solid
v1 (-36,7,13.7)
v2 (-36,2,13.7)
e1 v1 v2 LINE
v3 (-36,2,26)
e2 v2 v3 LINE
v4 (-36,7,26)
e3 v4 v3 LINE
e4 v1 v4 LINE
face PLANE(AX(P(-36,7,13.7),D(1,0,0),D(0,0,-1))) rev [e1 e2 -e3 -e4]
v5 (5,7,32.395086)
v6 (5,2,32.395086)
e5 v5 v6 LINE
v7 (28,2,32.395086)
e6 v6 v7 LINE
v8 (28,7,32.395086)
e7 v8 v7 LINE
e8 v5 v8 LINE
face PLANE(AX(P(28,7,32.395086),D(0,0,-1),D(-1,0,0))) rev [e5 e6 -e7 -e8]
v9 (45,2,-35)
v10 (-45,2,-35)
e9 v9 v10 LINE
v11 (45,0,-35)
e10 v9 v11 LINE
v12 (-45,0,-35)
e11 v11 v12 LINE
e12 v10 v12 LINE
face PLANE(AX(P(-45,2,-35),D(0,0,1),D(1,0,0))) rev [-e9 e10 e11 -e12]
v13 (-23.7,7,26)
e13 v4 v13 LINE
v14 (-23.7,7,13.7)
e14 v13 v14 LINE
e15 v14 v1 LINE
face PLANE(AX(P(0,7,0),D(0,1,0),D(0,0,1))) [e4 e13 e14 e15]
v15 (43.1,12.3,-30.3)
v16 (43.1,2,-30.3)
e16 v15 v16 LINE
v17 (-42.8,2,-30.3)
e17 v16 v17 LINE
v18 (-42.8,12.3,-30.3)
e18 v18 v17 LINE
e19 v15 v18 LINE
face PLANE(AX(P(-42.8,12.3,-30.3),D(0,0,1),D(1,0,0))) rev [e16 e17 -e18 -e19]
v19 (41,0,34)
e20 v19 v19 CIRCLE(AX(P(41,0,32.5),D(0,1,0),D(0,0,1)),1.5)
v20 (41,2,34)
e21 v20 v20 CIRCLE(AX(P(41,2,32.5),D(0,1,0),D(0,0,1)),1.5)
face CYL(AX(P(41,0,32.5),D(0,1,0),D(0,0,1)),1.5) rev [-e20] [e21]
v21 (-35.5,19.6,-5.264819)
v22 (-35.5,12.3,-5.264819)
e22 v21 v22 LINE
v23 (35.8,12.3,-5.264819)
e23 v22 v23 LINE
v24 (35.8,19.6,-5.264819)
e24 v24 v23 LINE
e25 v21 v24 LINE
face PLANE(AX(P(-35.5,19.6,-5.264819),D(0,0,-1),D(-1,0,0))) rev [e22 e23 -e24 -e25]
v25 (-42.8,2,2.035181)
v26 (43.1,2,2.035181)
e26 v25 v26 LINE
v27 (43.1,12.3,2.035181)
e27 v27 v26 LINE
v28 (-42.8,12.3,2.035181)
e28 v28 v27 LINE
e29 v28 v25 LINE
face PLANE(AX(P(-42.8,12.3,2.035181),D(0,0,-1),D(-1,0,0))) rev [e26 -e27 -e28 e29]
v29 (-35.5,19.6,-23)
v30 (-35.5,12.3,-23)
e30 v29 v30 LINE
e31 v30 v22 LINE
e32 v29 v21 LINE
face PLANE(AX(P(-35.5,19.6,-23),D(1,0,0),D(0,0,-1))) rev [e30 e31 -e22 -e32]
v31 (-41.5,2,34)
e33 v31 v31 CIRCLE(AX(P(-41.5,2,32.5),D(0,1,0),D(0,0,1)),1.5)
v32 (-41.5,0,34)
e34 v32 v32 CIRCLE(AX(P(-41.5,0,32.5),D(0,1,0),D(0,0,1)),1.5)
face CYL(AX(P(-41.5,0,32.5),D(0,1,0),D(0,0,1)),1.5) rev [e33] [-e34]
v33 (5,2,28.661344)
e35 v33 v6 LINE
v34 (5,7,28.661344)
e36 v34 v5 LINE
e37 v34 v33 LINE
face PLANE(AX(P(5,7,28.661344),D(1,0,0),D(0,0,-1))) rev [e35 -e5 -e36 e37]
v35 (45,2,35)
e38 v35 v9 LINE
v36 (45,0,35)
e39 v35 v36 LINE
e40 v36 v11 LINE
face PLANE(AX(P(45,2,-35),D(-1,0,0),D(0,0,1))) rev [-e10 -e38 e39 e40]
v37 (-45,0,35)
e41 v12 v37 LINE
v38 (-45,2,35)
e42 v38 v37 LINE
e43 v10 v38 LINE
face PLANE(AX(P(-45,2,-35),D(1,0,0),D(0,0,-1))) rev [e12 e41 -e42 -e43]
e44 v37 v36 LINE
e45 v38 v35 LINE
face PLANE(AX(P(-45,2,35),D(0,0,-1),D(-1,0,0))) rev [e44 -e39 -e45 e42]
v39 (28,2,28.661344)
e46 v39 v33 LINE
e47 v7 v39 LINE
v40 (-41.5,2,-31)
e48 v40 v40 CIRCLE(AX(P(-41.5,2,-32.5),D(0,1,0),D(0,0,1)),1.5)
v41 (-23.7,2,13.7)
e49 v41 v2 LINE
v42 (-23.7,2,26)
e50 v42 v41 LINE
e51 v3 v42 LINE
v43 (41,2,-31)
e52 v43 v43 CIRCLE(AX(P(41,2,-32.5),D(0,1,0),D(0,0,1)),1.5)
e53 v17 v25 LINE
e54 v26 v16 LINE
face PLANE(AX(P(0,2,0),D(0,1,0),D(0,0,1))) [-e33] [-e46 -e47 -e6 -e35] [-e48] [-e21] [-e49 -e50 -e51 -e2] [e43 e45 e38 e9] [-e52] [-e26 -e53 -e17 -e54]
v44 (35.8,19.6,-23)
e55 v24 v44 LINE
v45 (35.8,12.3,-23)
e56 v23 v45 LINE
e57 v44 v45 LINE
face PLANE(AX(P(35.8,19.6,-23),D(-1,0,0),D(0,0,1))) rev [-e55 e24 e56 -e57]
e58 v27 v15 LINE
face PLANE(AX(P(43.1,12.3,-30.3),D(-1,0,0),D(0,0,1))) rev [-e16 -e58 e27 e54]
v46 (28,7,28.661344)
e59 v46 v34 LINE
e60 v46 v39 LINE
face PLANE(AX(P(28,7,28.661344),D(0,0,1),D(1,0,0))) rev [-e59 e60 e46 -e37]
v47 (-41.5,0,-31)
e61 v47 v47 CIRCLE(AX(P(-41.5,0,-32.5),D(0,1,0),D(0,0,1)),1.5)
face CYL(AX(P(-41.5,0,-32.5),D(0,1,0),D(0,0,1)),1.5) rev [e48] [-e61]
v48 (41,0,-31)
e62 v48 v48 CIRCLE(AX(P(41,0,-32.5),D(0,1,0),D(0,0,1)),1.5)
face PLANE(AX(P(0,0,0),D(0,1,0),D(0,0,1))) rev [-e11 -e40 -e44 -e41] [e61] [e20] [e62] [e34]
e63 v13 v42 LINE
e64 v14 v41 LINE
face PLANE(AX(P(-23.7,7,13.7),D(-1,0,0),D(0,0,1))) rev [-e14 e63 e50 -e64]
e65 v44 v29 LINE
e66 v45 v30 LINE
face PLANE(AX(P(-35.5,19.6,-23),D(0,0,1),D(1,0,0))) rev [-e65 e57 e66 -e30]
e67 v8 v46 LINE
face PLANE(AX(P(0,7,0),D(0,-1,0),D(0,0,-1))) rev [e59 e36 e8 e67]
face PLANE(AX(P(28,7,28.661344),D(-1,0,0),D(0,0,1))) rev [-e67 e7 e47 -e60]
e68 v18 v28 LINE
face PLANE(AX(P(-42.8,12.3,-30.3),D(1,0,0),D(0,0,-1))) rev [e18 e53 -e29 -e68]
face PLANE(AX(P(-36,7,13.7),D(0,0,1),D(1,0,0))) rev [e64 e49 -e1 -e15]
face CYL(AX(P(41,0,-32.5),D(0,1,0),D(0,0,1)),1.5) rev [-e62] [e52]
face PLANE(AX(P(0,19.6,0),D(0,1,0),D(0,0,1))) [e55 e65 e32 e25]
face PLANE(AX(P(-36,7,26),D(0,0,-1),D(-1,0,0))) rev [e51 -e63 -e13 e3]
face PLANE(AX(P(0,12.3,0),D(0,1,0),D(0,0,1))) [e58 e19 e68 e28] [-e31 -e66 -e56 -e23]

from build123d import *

# Parameters (mm, degrees)
SKETCH1_W           = 90
SKETCH1_H           = 70
BOSS_EXTRUDE1_DEPTH = 2
SKETCH2_R           = 1.5
CUT_EXTRUDE1_DEPTH  = 3
SKETCH3_W           = 23
SKETCH3_H           = 3.733741838
SKETCH3_W_2         = 12.3
SKETCH3_H_2         = 12.3
BOSS_EXTRUDE2_DEPTH = 5
SKETCH4_W           = 71.3
SKETCH4_H           = 17.735180651
BOSS_EXTRUDE3_DEPTH = 17.6
SKETCH5_W           = 85.9
SKETCH5_H           = 32.335180651
BOSS_EXTRUDE4_DEPTH = 10.3


with BuildPart() as part:
    # Sketch1 → Boss-Extrude1 (new body)
    with BuildSketch(Plane(origin=(0, 0, 0), x_dir=(1, 0, 0), z_dir=(0, 1, 0))):
        Rectangle(SKETCH1_W, SKETCH1_H)
    extrude(amount=BOSS_EXTRUDE1_DEPTH)

    # Sketch2 → Cut-Extrude1 (cut, through all)
    with BuildSketch(Plane(origin=(0, 2, 0), x_dir=(1, 0, 0), z_dir=(0, 1, 0))):
        with Locations((-41.5, 32.5)):
            Circle(SKETCH2_R)
        with Locations((-41.5, -32.5)):
            Circle(SKETCH2_R)
        with Locations((41, -32.5)):
            Circle(SKETCH2_R)
        with Locations((41, 32.5)):
            Circle(SKETCH2_R)
    extrude(amount=-CUT_EXTRUDE1_DEPTH, mode=Mode.SUBTRACT)

    # Sketch3 → Boss-Extrude2 (add)
    with BuildSketch(Plane(origin=(0, 2, 0), x_dir=(1, 0, 0), z_dir=(0, 1, 0))):
        with Locations((16.5, -30.528214904)):
            Rectangle(SKETCH3_W, SKETCH3_H)
        with Locations((-29.85, -19.85)):
            Rectangle(SKETCH3_W_2, SKETCH3_H_2)
    extrude(amount=BOSS_EXTRUDE2_DEPTH)

    # Sketch4 → Boss-Extrude3 (add)
    with BuildSketch(Plane(origin=(0, 2, 0), x_dir=(1, 0, 0), z_dir=(0, 1, 0))):
        with Locations((0.15, 14.132409674)):
            Rectangle(SKETCH4_W, SKETCH4_H)
    extrude(amount=BOSS_EXTRUDE3_DEPTH)

    # Sketch5 → Boss-Extrude4 (add)
    with BuildSketch(Plane(origin=(0, 2, 0), x_dir=(1, 0, 0), z_dir=(0, 1, 0))):
        with Locations((0.15, 14.132409674)):
            Rectangle(SKETCH5_W, SKETCH5_H)
    extrude(amount=BOSS_EXTRUDE4_DEPTH)


solid = part.part
